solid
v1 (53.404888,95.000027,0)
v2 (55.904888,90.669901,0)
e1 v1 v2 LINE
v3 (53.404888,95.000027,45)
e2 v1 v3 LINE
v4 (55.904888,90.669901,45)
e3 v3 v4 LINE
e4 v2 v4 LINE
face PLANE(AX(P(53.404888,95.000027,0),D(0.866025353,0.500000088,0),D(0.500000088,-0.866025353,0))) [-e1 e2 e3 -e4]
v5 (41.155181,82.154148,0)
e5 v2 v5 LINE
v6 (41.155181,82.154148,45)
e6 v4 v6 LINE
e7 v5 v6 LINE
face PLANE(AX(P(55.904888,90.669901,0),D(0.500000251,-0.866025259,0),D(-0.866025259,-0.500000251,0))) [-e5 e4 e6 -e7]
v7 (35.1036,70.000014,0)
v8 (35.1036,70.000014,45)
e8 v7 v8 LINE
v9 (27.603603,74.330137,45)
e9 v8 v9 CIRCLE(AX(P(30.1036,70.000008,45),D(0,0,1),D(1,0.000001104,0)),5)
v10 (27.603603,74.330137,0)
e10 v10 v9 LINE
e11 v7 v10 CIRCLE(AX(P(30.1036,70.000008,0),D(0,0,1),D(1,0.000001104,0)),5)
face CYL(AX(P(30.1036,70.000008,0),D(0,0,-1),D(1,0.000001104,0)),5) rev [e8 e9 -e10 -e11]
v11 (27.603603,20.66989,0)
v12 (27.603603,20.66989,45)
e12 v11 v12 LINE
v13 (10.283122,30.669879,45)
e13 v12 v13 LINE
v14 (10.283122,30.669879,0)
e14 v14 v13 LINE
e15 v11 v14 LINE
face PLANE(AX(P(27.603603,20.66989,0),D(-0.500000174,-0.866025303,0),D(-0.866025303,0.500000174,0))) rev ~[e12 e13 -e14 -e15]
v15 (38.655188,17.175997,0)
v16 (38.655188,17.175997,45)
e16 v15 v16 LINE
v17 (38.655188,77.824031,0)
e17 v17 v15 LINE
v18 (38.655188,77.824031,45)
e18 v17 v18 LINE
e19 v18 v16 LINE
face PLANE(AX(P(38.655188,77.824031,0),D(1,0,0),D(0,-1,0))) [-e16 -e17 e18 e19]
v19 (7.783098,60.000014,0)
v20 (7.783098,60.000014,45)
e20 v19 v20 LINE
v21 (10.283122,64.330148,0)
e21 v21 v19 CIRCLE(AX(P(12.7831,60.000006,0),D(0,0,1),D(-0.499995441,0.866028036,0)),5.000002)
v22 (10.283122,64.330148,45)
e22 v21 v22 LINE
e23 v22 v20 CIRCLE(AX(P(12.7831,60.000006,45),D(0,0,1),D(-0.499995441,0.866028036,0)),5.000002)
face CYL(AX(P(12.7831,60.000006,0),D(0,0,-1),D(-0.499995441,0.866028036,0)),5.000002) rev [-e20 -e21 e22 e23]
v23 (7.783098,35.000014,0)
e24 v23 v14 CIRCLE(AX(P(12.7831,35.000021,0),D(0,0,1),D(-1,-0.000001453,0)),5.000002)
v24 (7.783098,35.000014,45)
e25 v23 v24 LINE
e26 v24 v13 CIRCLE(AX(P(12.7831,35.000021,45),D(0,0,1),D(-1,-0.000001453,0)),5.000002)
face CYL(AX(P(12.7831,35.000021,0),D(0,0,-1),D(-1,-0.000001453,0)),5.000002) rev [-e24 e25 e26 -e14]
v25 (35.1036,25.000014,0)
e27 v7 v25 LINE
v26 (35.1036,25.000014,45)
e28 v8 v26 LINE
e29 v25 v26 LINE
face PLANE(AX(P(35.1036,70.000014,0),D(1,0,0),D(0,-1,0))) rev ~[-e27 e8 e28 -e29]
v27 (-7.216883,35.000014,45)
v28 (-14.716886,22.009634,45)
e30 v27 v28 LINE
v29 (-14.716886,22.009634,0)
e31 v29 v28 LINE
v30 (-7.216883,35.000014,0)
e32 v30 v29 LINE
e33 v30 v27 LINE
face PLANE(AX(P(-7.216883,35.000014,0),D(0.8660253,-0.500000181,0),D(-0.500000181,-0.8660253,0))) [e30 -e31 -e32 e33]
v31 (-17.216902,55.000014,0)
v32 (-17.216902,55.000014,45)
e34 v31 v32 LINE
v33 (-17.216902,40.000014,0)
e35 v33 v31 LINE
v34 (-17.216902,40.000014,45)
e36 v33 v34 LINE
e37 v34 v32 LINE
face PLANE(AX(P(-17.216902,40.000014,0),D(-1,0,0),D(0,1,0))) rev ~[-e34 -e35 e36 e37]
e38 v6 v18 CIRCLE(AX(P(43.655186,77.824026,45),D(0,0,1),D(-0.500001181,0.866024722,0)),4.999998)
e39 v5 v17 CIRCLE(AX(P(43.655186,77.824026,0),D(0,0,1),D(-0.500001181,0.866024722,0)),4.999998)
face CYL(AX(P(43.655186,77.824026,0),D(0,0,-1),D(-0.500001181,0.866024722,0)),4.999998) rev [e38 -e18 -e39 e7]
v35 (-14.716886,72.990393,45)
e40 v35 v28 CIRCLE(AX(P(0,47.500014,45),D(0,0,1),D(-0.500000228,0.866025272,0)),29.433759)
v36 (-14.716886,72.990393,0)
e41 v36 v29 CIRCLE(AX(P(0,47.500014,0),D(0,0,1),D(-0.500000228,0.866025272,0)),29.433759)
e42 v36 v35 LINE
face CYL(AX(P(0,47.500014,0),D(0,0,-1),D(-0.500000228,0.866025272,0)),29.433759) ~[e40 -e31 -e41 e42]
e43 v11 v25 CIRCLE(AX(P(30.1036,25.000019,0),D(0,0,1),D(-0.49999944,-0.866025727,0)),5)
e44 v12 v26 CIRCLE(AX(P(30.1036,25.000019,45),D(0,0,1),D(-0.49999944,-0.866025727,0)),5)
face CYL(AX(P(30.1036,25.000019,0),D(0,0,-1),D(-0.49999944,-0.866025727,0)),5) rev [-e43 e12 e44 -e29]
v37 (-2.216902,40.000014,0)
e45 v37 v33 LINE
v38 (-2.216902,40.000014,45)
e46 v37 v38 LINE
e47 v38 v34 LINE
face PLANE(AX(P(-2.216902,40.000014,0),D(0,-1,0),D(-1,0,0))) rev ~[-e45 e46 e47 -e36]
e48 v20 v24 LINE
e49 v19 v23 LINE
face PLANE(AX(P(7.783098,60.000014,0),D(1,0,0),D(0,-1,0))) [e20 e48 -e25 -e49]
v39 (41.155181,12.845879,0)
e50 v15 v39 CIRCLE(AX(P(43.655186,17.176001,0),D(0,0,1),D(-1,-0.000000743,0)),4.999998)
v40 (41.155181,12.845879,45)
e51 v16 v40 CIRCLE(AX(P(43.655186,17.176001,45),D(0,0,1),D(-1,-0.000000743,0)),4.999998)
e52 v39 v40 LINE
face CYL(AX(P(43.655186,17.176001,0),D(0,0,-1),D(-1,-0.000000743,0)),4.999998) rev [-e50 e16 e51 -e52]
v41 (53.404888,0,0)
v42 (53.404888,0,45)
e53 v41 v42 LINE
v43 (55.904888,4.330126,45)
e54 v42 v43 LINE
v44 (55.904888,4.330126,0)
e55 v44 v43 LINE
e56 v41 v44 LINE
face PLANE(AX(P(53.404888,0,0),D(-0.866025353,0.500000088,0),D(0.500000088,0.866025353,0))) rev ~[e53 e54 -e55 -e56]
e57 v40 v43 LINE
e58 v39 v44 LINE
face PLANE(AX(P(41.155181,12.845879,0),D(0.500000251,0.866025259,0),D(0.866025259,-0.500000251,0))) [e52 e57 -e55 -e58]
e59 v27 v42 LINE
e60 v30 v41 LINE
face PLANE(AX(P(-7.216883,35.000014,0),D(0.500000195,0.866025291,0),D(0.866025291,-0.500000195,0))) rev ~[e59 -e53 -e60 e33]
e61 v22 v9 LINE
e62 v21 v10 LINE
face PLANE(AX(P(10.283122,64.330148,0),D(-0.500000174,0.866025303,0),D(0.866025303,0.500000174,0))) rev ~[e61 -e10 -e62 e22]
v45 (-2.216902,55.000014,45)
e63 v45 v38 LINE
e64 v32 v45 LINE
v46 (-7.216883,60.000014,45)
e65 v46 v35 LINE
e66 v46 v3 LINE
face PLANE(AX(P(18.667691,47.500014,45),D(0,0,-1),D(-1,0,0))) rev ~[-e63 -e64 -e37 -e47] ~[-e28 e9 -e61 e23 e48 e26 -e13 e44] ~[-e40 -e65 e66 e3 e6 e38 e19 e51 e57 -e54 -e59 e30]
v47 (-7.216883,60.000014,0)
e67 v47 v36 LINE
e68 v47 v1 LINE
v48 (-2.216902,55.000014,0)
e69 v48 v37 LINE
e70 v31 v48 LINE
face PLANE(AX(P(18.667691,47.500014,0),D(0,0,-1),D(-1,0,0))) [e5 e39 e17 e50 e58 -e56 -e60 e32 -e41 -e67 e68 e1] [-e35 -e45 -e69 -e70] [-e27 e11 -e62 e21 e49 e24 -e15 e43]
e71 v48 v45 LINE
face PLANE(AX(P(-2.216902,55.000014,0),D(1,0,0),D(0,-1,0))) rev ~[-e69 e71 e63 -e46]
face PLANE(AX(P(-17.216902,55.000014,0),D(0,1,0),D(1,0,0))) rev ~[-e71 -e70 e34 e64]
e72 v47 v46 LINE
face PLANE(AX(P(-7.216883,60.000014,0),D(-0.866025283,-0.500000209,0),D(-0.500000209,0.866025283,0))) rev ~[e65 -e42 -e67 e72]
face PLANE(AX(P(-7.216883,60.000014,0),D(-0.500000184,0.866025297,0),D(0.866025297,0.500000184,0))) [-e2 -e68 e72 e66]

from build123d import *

# Parameters (mm, degrees)
PAD_DEPTH = 45


with BuildPart() as part:
    # Sketch → Pad (new body)
    with BuildSketch(Plane.XY):
        with BuildLine():
            Line((-7.216883, 60.000014), (53.404888, 95.000027))
            Line((53.404888, 95.000027), (55.904888, 90.669901))
            Line((55.904888, 90.669901), (41.155181, 82.154148))
            ThreePointArc((41.155181, 82.154148), (39.32506, 80.324024), (38.655188, 77.824031))
            Line((38.655188, 77.824031), (38.655188, 17.175997))
            ThreePointArc((38.655188, 17.175997), (39.32506, 14.676003), (41.155181, 12.845879))
            Line((41.155181, 12.845879), (55.904888, 4.330126))
            Line((53.404888, 0), (55.904888, 4.330126))
            Line((-7.216883, 35.000014), (53.404888, 0))
            Line((-7.216883, 35.000014), (-14.716886, 22.009634))
            ThreePointArc((-14.716886, 72.990393), (-29.433759, 47.500014), (-14.716886, 22.009634))
            Line((-7.216883, 60.000014), (-14.716886, 72.990393))
        make_face()
        with BuildLine():
            Line((27.603603, 20.66989), (10.283122, 30.669879))
            ThreePointArc((7.783098, 35.000014), (8.45298, 32.500005), (10.283122, 30.669879))
            Line((7.783098, 60.000014), (7.783098, 35.000014))
            ThreePointArc((10.283122, 64.330148), (8.45298, 62.500022), (7.783098, 60.000014))
            Line((10.283122, 64.330148), (27.603603, 74.330137))
            ThreePointArc((35.1036, 70.000014), (32.603599, 74.330136), (27.603603, 74.330137))
            Line((35.1036, 70.000014), (35.1036, 25.000014))
            ThreePointArc((27.603603, 20.66989), (32.603599, 20.669891), (35.1036, 25.000014))
        make_face(mode=Mode.SUBTRACT)
        Polygon((-17.216902, 55.000014), (-2.216902, 55.000014), (-2.216902, 47.500014), (-2.216902, 40.000014), (-17.216902, 40.000014), align=None, mode=Mode.SUBTRACT)
    extrude(amount=PAD_DEPTH)


solid = part.part
